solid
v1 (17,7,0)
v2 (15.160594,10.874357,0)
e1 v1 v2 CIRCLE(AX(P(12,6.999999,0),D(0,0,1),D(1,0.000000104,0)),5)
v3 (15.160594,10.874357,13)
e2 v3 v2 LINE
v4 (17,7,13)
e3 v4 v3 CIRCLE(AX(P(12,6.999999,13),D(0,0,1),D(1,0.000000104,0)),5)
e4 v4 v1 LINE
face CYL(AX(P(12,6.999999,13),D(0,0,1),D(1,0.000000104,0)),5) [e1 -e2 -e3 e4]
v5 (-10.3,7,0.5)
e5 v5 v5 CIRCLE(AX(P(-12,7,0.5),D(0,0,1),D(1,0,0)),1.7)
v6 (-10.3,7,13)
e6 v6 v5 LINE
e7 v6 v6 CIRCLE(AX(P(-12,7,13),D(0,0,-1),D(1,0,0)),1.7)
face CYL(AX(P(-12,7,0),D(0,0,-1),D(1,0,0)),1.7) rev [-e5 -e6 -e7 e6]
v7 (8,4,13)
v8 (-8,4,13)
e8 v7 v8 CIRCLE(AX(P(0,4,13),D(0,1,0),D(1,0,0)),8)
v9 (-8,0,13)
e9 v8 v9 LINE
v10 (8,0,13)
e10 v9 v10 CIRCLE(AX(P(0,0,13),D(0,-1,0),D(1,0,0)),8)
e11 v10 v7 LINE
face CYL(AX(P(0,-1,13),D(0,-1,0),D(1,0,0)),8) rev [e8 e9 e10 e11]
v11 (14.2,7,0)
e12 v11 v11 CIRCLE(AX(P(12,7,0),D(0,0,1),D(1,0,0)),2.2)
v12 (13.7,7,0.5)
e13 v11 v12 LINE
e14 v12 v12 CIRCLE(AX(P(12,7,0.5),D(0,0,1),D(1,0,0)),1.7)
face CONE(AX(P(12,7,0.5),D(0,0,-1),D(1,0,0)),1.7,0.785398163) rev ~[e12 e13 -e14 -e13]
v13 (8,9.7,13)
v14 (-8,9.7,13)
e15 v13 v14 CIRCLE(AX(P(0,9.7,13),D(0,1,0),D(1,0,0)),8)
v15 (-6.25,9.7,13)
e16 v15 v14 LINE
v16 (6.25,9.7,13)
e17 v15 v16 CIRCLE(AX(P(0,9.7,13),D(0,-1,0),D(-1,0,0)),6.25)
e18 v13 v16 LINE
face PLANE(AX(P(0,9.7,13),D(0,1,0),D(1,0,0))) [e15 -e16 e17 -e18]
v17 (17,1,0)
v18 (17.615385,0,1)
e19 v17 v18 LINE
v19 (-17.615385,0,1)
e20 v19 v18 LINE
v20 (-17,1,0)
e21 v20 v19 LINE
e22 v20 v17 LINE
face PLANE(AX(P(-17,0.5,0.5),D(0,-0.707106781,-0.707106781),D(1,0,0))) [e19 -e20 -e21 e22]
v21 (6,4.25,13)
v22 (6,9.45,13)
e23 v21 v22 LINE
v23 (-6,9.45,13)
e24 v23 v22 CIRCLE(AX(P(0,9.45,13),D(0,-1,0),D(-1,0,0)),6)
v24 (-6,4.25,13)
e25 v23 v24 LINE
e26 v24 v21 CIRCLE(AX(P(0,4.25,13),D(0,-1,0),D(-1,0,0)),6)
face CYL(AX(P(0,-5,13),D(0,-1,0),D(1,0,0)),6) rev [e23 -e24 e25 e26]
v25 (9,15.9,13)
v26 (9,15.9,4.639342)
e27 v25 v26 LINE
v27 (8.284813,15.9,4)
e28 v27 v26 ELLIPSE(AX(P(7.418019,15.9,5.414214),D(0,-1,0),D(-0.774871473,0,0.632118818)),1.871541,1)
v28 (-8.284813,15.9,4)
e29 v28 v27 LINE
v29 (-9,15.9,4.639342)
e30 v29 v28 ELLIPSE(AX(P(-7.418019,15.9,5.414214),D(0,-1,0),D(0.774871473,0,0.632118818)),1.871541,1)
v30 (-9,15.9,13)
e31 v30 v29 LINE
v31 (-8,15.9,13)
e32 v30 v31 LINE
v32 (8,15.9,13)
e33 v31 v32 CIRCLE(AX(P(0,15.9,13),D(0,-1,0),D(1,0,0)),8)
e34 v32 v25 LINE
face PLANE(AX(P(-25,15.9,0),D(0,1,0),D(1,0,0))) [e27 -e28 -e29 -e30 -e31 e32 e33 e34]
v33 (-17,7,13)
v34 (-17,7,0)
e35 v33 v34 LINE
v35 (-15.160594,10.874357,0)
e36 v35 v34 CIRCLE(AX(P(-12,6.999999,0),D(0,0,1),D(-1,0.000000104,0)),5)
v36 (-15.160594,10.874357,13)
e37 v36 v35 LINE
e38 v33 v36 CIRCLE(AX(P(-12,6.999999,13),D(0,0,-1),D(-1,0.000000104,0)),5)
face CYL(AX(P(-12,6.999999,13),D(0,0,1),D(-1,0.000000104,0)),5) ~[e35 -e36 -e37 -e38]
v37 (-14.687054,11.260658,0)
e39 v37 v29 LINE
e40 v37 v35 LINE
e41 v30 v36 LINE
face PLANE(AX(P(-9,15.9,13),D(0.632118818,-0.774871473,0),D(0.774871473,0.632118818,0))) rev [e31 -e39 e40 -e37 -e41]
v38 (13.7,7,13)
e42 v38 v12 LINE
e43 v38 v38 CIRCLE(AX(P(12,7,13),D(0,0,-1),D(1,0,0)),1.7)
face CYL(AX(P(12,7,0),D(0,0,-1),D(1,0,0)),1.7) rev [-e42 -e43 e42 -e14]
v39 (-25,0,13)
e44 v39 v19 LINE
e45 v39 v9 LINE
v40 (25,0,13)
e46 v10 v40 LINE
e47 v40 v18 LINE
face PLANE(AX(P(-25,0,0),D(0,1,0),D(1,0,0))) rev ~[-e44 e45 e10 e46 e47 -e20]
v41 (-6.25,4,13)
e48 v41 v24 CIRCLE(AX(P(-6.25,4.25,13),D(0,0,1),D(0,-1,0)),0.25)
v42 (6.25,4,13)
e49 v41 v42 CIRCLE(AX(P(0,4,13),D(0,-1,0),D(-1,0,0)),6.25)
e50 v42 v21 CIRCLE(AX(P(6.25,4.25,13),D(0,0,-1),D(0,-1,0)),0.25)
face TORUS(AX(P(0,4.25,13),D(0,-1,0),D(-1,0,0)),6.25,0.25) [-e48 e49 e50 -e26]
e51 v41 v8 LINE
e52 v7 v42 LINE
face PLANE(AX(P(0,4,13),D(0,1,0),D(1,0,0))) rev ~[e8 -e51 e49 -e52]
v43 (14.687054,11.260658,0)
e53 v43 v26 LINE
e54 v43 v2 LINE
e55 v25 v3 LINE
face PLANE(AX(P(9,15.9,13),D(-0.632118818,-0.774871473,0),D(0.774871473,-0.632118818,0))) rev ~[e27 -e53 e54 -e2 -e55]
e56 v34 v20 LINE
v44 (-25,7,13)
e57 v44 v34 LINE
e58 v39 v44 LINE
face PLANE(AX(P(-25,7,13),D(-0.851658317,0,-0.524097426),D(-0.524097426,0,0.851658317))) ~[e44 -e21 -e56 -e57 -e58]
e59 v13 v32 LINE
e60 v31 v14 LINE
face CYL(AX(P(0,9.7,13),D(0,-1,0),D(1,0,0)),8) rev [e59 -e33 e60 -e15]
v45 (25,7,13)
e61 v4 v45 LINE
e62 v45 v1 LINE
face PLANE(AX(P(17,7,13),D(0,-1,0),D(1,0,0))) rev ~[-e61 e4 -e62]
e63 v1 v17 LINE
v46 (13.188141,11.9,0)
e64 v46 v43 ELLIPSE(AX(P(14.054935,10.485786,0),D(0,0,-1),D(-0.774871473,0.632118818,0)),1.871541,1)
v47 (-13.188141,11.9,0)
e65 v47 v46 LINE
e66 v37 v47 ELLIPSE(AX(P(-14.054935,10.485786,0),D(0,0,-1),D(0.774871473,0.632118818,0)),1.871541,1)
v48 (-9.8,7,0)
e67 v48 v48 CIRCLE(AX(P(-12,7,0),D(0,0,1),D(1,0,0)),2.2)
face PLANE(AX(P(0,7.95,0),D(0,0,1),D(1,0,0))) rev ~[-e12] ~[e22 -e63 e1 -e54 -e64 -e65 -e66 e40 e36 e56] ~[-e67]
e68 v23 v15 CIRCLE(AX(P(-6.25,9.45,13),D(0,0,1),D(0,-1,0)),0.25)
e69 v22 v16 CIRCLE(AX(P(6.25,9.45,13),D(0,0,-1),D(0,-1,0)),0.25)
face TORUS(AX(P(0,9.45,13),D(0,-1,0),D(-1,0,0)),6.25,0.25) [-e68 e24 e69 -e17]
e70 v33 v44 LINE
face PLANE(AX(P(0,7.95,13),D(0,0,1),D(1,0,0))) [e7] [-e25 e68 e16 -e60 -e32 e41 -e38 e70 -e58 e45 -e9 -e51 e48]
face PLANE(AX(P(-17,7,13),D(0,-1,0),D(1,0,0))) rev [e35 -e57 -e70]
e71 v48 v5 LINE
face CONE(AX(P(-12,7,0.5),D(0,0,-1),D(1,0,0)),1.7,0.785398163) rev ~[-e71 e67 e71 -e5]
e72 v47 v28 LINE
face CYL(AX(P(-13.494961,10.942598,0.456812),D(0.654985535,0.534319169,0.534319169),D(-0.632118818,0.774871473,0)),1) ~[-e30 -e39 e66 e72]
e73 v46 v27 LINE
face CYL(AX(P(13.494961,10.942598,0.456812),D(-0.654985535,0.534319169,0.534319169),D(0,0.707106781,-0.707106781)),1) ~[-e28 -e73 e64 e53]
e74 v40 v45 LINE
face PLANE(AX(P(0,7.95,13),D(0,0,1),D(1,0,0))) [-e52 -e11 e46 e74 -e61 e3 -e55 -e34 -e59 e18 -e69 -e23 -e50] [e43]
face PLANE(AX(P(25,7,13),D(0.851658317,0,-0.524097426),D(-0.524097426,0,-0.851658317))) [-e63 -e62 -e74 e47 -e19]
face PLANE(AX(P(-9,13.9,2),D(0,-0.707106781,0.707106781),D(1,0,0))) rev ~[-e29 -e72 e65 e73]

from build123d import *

# Parameters (mm, degrees)
CYLINDER005_R          = 1.7
CYLINDER005_DEPTH      = 20
CYLINDER004_R          = 1.7
CYLINDER004_DEPTH      = 36.75
CYLINDER003_R          = 1.7
CYLINDER003_DEPTH      = 39.75
CYLINDER006_R          = 1.7
CYLINDER006_DEPTH      = 20
CYLINDER001_R          = 8
CYLINDER001_DEPTH      = 5
CYLINDER001_ROLL_ANGLE = -90
CYLINDER_R             = 6
CYLINDER_DEPTH         = 30
CYLINDER_ROLL_ANGLE    = -90
CYLINDER002_R          = 8
CYLINDER002_DEPTH      = 12
CYLINDER002_ROLL_ANGLE = -90
BOX_W                  = 50
BOX_H                  = 15.9
BOX_DEPTH              = 13
POCKET_DEPTH           = 121.108539
CHAMFER_SIZE           = 4
FILLET_R               = 1
POCKET001_DEPTH        = 115.108539
CHAMFER001_SIZE        = 1
CHAMFER002_SIZE        = 0.5
FILLET001_R            = 0.25


with BuildPart() as cilindro005:
    # Cylinder005 → Cylinder005 (new body)
    with BuildSketch(Plane(origin=(-12, 7, 11), x_dir=(1, 0, 0), z_dir=(0, 0, 1))):
        Circle(CYLINDER005_R)
    extrude(amount=CYLINDER005_DEPTH)


with BuildPart() as cilindro004:
    # Cylinder004 → Cylinder004 (new body)
    with BuildSketch(Plane(origin=(-12, 7, 0), x_dir=(1, 0, 0), z_dir=(0, 0, 1))):
        Circle(CYLINDER004_R)
    extrude(amount=CYLINDER004_DEPTH)


with BuildPart() as cilindro003:
    # Cylinder003 → Cylinder003 (new body)
    with BuildSketch(Plane(origin=(12, 7, 0), x_dir=(1, 0, 0), z_dir=(0, 0, 1))):
        Circle(CYLINDER003_R)
    extrude(amount=CYLINDER003_DEPTH)


with BuildPart() as tornillos:
    # Cylinder006 → Cylinder006 (new body)
    with BuildSketch(Plane(origin=(12, 7, 11), x_dir=(1, 0, 0), z_dir=(0, 0, 1))):
        Circle(CYLINDER006_R)
    extrude(amount=CYLINDER006_DEPTH)

    # Fusion001: union Cilindro005, Cilindro004, Cilindro003
    add(cilindro005.part)
    add(cilindro004.part)
    add(cilindro003.part)


with BuildPart() as cilindro001:
    # Cylinder001 → Cylinder001 (new body)
    with BuildSketch(Plane.XY):
        Circle(CYLINDER001_R)
    extrude(amount=CYLINDER001_DEPTH)


with BuildPart() as cilindro001_1:
    # Cylinder001 roll: moved
    add(cilindro001.part.rotate(Axis((0, 0, 0), (1, 0, 0)), CYLINDER001_ROLL_ANGLE))


with BuildPart() as cilindro001_2:
    # Cylinder001 placement: moved
    add(cilindro001_1.part.moved(Location((0, -1, 13))))


with BuildPart() as cilindro:
    # Cylinder → Cylinder (new body)
    with BuildSketch(Plane.XY):
        Circle(CYLINDER_R)
    extrude(amount=CYLINDER_DEPTH)


with BuildPart() as cilindro_1:
    # Cylinder roll: moved
    add(cilindro.part.rotate(Axis((0, 0, 0), (1, 0, 0)), CYLINDER_ROLL_ANGLE))


with BuildPart() as cilindro_2:
    # Cylinder placement: moved
    add(cilindro_1.part.moved(Location((0, -5, 13))))


with BuildPart() as cabeza_hot_end:
    # Cylinder002 → Cylinder002 (new body)
    with BuildSketch(Plane.XY):
        Circle(CYLINDER002_R)
    extrude(amount=CYLINDER002_DEPTH)


with BuildPart() as cabeza_hot_end_1:
    # Cylinder002 roll: moved
    add(cabeza_hot_end.part.rotate(Axis((0, 0, 0), (1, 0, 0)), CYLINDER002_ROLL_ANGLE))


with BuildPart() as cabeza_hot_end_2:
    # Cylinder002 placement: moved
    add(cabeza_hot_end_1.part.moved(Location((0, 9.7, 13))))

    # Fusion: union Cilindro001, Cilindro
    add(cilindro001_2.part)
    add(cilindro_2.part)


with BuildPart() as fillet001:
    # Box → Box (new body)
    with BuildSketch(Plane(origin=(-25, 0, 0), x_dir=(1, 0, 0), z_dir=(0, 0, 1))):
        with Locations((25, 7.95)):
            Rectangle(BOX_W, BOX_H)
    extrude(amount=BOX_DEPTH)

    # Cut: cut cabeza_hot_end
    add(cabeza_hot_end_2.part, mode=Mode.SUBTRACT)

    # Cut001: cut tornillos
    add(tornillos.part, mode=Mode.SUBTRACT)

    # Sketch → Pocket (cut, through all)
    with BuildSketch(Plane.XY.offset(13)):
        with BuildLine():
            ThreePointArc((17, 7), (16.5168, 9.144415), (15.160594, 10.874357))
            Line((9, 15.9), (15.160594, 10.874357))
            Line((25, 15.9), (9, 15.9))
            Line((25, 7), (25, 15.9))
            Line((17, 7), (25, 7))
        make_face()
    pocket = extrude(amount=-POCKET_DEPTH, mode=Mode.SUBTRACT)

    # Mirrored: Pocket across Sketch V_Axis
    add(pocket.mirror(Plane(origin=(0, 0, 13), x_dir=(0, 0, 1), z_dir=(1, 0, 0))), mode=Mode.SUBTRACT)

    # Chamfer
    chamfer_edges = [fillet001.edges().sort_by_distance(p)[0] for p in [
        (0, 15.9, 0),
    ]]
    chamfer(chamfer_edges, length=CHAMFER_SIZE)

    # Fillet
    fillet_edges = [fillet001.edges().sort_by_distance(p)[0] for p in [
        (11.451664, 13.9, 2),
        (-11.451664, 13.9, 2),
    ]]
    fillet(fillet_edges, radius=FILLET_R)

    # Sketch002 → Pocket001 (cut, through all)
    with BuildSketch(Plane(origin=(0, 7, 0), x_dir=(-1, 0, 0), z_dir=(0, 1, 0))):
        Polygon((-25, 13), (-17, 0), (-25, 0), align=None)
    pocket001 = extrude(amount=-POCKET001_DEPTH, mode=Mode.SUBTRACT)

    # Mirrored001: Pocket001 across Sketch002 V_Axis
    add(pocket001.mirror(Plane(origin=(0, 7, 0), x_dir=(0, 1, 0), z_dir=(-1, 0, 0))), mode=Mode.SUBTRACT)

    # Chamfer001
    chamfer001_edges = [fillet001.edges().sort_by_distance(p)[0] for p in [
        (0, 0, 0),
    ]]
    chamfer(chamfer001_edges, length=CHAMFER001_SIZE)

    # Chamfer002
    chamfer002_edges = [fillet001.edges().sort_by_distance(p)[0] for p in [
        (10.3, 7, 0),
        (-13.7, 7, 0),
    ]]
    chamfer(chamfer002_edges, length=CHAMFER002_SIZE)

    # Fillet001
    fillet001_edges = [fillet001.edges().sort_by_distance(p)[0] for p in [
        (0, 9.7, 7),
        (0, 4, 7),
    ]]
    fillet(fillet001_edges, radius=FILLET001_R)


solid = fillet001.part
